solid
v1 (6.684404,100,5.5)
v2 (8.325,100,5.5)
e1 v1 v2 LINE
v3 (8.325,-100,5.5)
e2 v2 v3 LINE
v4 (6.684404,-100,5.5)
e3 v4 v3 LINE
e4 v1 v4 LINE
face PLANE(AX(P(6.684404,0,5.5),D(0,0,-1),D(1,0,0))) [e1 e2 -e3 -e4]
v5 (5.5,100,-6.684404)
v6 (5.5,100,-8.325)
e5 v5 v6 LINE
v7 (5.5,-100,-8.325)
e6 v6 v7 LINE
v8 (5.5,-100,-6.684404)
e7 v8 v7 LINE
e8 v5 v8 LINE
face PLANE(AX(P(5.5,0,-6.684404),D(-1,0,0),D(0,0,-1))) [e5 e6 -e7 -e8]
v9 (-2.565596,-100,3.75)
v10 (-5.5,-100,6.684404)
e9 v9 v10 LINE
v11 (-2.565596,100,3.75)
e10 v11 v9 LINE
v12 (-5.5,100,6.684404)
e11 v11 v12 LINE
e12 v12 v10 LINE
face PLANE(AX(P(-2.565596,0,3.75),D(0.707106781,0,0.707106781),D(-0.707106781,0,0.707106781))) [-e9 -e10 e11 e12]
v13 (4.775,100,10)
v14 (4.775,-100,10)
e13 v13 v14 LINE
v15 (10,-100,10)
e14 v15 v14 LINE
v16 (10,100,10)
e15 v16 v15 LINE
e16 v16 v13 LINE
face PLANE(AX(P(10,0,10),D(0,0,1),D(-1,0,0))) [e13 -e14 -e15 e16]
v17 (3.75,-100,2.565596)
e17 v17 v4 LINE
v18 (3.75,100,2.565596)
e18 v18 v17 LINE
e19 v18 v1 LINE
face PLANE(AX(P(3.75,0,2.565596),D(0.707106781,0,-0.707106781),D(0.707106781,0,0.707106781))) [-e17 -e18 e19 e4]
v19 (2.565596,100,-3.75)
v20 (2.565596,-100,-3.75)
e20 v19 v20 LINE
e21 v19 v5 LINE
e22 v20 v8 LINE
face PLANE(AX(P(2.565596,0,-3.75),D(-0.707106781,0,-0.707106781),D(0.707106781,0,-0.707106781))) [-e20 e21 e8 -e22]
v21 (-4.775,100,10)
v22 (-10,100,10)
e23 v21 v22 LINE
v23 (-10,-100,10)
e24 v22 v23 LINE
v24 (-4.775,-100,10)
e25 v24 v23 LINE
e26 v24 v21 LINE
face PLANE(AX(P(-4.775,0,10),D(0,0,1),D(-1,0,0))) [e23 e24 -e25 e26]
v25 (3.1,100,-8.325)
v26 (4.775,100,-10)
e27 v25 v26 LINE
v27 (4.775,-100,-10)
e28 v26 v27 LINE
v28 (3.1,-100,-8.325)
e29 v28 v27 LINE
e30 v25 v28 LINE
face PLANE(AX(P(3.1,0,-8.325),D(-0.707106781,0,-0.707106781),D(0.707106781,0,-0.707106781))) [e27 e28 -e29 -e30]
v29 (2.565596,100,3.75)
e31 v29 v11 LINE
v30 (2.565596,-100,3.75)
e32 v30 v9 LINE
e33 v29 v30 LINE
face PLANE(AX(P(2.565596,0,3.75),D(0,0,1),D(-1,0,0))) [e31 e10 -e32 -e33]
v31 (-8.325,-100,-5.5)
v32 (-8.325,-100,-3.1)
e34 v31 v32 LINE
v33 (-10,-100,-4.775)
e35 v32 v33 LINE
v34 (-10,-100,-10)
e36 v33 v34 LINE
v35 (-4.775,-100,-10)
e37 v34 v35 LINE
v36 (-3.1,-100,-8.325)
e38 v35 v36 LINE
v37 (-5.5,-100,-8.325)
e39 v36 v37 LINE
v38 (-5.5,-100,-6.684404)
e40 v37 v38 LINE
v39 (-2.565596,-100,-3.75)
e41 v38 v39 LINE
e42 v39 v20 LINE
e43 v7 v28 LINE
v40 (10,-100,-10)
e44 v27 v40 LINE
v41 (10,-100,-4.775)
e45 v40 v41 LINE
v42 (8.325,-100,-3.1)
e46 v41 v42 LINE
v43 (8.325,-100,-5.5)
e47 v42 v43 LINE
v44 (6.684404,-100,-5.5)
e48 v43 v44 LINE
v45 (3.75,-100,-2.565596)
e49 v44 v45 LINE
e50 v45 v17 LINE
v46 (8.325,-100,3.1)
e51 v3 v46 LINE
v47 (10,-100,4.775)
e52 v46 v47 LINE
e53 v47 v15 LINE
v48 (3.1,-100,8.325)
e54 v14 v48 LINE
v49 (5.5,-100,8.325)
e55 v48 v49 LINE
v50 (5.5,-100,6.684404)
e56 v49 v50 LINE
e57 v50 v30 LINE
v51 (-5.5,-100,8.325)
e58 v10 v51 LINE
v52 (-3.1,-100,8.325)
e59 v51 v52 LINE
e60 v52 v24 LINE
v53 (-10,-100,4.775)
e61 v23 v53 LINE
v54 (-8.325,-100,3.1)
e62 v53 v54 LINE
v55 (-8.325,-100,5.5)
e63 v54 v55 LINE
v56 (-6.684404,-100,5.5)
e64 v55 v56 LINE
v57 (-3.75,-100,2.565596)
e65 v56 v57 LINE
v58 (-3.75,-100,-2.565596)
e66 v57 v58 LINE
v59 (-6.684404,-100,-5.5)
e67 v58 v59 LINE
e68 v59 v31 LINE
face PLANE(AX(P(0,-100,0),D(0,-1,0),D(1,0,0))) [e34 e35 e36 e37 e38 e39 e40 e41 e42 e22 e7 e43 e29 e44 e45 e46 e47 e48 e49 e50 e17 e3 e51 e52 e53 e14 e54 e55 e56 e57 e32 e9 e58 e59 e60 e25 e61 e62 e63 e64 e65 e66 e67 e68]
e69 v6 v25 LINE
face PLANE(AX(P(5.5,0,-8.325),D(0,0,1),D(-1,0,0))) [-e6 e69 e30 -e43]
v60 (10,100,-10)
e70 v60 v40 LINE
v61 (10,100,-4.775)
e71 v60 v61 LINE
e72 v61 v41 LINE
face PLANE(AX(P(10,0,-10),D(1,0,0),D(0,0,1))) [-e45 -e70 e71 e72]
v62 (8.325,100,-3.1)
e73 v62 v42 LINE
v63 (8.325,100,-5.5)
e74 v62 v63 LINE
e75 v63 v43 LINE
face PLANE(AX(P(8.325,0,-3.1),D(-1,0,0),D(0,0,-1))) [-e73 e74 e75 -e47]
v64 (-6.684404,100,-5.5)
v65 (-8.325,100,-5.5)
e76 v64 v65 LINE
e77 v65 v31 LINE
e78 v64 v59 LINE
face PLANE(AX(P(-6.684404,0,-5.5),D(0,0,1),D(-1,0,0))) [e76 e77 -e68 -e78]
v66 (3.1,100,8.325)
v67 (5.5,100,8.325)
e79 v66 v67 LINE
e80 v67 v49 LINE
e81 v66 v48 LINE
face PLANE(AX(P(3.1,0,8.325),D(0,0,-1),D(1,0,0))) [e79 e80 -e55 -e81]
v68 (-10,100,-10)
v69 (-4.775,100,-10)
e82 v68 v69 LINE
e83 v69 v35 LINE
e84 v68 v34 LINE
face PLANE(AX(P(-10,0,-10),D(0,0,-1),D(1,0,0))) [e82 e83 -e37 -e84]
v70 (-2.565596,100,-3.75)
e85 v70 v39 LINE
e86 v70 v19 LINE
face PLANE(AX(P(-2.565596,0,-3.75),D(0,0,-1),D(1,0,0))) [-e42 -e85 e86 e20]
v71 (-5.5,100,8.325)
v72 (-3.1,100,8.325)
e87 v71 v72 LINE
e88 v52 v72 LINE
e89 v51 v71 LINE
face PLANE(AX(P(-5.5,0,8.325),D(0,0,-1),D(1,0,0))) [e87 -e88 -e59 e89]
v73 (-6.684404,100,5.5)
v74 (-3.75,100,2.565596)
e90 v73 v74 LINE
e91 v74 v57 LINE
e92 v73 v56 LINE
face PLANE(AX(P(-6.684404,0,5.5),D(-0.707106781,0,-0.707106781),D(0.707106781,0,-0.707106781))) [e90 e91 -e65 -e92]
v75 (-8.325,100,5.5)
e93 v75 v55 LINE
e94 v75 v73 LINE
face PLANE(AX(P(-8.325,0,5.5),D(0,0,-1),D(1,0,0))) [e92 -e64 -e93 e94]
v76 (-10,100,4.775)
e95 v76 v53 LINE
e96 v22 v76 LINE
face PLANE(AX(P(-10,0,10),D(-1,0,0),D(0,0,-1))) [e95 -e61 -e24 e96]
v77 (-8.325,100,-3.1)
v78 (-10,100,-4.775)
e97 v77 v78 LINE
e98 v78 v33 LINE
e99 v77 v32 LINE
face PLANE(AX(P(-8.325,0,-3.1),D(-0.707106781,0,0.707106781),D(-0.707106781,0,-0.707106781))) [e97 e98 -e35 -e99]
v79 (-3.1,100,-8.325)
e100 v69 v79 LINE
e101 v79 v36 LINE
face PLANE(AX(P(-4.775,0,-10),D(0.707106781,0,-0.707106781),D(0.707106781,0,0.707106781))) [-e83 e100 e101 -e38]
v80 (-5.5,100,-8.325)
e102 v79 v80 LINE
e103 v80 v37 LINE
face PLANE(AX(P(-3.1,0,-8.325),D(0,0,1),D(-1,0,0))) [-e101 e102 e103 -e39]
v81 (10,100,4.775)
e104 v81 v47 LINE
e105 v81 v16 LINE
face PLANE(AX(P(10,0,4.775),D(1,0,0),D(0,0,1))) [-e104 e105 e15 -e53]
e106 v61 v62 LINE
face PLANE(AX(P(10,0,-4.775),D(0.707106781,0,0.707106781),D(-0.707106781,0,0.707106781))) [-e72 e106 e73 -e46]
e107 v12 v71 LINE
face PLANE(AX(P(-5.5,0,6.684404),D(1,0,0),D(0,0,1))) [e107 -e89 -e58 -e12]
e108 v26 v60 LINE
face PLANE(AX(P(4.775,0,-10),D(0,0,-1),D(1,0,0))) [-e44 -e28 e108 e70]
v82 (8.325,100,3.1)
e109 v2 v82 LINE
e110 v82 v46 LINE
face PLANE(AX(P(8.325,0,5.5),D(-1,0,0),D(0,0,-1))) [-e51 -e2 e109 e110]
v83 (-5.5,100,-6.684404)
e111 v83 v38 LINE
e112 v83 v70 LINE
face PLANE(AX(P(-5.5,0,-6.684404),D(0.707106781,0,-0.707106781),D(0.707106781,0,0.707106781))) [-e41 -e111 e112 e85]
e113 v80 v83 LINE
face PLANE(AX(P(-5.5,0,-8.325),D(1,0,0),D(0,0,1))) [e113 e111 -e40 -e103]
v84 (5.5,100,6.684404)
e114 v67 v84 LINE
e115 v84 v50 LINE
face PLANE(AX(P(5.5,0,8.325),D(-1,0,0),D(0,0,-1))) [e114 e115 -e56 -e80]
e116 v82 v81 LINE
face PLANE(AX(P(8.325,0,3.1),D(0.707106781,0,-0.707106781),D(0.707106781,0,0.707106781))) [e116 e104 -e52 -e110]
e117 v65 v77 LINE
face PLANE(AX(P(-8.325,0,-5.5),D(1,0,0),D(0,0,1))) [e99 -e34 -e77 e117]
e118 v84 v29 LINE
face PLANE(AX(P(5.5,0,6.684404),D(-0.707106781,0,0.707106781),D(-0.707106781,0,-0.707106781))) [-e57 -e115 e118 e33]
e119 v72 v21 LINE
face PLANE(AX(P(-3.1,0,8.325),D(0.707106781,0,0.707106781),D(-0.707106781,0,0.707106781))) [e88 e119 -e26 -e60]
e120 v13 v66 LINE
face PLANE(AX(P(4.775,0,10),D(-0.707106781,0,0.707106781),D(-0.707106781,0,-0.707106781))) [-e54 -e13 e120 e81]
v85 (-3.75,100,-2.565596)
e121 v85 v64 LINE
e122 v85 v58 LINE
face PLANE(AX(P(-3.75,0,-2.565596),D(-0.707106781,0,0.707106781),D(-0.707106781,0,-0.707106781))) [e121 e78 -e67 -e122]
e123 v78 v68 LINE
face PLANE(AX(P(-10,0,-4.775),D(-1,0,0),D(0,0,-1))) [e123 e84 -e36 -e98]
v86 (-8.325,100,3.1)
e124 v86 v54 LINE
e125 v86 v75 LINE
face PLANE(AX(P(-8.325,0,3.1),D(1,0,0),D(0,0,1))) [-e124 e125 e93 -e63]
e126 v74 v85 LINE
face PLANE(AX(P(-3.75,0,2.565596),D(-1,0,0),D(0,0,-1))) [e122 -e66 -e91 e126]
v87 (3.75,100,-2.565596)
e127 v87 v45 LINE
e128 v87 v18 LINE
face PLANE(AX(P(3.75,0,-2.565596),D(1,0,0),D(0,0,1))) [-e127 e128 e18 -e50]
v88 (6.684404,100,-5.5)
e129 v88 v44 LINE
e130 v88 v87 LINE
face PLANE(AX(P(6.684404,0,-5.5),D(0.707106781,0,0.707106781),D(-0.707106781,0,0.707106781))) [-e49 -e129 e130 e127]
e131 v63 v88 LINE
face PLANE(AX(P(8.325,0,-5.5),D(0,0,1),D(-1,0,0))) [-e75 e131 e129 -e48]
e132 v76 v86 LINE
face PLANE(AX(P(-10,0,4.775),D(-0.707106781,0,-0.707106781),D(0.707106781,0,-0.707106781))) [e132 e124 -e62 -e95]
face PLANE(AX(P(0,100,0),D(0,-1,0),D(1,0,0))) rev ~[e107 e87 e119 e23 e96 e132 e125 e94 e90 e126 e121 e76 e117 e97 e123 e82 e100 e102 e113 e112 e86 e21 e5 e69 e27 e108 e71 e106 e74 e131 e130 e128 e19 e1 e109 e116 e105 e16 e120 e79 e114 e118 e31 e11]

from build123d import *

# Parameters (mm, degrees)
F1_DEPTH = 100


with BuildPart() as f1:
    # F0 (on Front) → F1 (new body, symmetric)
    with BuildSketch(Plane.XZ):
        Polygon((-4.775, 10), (-10, 10), (-10, 4.775), (-8.325, 3.1), (-8.325, 5.5), (-6.684404, 5.5), (-3.75, 2.565596), (-3.75, 0), (-3.75, -2.565596), (-6.684404, -5.5), (-8.325, -5.5), (-8.325, -3.1), (-10, -4.775), (-10, -10), (-4.775, -10), (-3.1, -8.325), (-5.5, -8.325), (-5.5, -6.684404), (-2.565596, -3.75), (0, -3.75), (2.565596, -3.75), (5.5, -6.684404), (5.5, -8.325), (3.1, -8.325), (4.775, -10), (10, -10), (10, -4.775), (8.325, -3.1), (8.325, -5.5), (6.684404, -5.5), (3.75, -2.565596), (3.75, 0), (3.75, 2.565596), (6.684404, 5.5), (8.325, 5.5), (8.325, 3.1), (10, 4.775), (10, 10), (4.775, 10), (3.1, 8.325), (5.5, 8.325), (5.5, 6.684404), (2.565596, 3.75), (0, 3.75), (-2.565596, 3.75), (-5.5, 6.684404), (-5.5, 8.325), (-3.1, 8.325), align=None)
    extrude(amount=F1_DEPTH, both=True)


solid = f1.part
